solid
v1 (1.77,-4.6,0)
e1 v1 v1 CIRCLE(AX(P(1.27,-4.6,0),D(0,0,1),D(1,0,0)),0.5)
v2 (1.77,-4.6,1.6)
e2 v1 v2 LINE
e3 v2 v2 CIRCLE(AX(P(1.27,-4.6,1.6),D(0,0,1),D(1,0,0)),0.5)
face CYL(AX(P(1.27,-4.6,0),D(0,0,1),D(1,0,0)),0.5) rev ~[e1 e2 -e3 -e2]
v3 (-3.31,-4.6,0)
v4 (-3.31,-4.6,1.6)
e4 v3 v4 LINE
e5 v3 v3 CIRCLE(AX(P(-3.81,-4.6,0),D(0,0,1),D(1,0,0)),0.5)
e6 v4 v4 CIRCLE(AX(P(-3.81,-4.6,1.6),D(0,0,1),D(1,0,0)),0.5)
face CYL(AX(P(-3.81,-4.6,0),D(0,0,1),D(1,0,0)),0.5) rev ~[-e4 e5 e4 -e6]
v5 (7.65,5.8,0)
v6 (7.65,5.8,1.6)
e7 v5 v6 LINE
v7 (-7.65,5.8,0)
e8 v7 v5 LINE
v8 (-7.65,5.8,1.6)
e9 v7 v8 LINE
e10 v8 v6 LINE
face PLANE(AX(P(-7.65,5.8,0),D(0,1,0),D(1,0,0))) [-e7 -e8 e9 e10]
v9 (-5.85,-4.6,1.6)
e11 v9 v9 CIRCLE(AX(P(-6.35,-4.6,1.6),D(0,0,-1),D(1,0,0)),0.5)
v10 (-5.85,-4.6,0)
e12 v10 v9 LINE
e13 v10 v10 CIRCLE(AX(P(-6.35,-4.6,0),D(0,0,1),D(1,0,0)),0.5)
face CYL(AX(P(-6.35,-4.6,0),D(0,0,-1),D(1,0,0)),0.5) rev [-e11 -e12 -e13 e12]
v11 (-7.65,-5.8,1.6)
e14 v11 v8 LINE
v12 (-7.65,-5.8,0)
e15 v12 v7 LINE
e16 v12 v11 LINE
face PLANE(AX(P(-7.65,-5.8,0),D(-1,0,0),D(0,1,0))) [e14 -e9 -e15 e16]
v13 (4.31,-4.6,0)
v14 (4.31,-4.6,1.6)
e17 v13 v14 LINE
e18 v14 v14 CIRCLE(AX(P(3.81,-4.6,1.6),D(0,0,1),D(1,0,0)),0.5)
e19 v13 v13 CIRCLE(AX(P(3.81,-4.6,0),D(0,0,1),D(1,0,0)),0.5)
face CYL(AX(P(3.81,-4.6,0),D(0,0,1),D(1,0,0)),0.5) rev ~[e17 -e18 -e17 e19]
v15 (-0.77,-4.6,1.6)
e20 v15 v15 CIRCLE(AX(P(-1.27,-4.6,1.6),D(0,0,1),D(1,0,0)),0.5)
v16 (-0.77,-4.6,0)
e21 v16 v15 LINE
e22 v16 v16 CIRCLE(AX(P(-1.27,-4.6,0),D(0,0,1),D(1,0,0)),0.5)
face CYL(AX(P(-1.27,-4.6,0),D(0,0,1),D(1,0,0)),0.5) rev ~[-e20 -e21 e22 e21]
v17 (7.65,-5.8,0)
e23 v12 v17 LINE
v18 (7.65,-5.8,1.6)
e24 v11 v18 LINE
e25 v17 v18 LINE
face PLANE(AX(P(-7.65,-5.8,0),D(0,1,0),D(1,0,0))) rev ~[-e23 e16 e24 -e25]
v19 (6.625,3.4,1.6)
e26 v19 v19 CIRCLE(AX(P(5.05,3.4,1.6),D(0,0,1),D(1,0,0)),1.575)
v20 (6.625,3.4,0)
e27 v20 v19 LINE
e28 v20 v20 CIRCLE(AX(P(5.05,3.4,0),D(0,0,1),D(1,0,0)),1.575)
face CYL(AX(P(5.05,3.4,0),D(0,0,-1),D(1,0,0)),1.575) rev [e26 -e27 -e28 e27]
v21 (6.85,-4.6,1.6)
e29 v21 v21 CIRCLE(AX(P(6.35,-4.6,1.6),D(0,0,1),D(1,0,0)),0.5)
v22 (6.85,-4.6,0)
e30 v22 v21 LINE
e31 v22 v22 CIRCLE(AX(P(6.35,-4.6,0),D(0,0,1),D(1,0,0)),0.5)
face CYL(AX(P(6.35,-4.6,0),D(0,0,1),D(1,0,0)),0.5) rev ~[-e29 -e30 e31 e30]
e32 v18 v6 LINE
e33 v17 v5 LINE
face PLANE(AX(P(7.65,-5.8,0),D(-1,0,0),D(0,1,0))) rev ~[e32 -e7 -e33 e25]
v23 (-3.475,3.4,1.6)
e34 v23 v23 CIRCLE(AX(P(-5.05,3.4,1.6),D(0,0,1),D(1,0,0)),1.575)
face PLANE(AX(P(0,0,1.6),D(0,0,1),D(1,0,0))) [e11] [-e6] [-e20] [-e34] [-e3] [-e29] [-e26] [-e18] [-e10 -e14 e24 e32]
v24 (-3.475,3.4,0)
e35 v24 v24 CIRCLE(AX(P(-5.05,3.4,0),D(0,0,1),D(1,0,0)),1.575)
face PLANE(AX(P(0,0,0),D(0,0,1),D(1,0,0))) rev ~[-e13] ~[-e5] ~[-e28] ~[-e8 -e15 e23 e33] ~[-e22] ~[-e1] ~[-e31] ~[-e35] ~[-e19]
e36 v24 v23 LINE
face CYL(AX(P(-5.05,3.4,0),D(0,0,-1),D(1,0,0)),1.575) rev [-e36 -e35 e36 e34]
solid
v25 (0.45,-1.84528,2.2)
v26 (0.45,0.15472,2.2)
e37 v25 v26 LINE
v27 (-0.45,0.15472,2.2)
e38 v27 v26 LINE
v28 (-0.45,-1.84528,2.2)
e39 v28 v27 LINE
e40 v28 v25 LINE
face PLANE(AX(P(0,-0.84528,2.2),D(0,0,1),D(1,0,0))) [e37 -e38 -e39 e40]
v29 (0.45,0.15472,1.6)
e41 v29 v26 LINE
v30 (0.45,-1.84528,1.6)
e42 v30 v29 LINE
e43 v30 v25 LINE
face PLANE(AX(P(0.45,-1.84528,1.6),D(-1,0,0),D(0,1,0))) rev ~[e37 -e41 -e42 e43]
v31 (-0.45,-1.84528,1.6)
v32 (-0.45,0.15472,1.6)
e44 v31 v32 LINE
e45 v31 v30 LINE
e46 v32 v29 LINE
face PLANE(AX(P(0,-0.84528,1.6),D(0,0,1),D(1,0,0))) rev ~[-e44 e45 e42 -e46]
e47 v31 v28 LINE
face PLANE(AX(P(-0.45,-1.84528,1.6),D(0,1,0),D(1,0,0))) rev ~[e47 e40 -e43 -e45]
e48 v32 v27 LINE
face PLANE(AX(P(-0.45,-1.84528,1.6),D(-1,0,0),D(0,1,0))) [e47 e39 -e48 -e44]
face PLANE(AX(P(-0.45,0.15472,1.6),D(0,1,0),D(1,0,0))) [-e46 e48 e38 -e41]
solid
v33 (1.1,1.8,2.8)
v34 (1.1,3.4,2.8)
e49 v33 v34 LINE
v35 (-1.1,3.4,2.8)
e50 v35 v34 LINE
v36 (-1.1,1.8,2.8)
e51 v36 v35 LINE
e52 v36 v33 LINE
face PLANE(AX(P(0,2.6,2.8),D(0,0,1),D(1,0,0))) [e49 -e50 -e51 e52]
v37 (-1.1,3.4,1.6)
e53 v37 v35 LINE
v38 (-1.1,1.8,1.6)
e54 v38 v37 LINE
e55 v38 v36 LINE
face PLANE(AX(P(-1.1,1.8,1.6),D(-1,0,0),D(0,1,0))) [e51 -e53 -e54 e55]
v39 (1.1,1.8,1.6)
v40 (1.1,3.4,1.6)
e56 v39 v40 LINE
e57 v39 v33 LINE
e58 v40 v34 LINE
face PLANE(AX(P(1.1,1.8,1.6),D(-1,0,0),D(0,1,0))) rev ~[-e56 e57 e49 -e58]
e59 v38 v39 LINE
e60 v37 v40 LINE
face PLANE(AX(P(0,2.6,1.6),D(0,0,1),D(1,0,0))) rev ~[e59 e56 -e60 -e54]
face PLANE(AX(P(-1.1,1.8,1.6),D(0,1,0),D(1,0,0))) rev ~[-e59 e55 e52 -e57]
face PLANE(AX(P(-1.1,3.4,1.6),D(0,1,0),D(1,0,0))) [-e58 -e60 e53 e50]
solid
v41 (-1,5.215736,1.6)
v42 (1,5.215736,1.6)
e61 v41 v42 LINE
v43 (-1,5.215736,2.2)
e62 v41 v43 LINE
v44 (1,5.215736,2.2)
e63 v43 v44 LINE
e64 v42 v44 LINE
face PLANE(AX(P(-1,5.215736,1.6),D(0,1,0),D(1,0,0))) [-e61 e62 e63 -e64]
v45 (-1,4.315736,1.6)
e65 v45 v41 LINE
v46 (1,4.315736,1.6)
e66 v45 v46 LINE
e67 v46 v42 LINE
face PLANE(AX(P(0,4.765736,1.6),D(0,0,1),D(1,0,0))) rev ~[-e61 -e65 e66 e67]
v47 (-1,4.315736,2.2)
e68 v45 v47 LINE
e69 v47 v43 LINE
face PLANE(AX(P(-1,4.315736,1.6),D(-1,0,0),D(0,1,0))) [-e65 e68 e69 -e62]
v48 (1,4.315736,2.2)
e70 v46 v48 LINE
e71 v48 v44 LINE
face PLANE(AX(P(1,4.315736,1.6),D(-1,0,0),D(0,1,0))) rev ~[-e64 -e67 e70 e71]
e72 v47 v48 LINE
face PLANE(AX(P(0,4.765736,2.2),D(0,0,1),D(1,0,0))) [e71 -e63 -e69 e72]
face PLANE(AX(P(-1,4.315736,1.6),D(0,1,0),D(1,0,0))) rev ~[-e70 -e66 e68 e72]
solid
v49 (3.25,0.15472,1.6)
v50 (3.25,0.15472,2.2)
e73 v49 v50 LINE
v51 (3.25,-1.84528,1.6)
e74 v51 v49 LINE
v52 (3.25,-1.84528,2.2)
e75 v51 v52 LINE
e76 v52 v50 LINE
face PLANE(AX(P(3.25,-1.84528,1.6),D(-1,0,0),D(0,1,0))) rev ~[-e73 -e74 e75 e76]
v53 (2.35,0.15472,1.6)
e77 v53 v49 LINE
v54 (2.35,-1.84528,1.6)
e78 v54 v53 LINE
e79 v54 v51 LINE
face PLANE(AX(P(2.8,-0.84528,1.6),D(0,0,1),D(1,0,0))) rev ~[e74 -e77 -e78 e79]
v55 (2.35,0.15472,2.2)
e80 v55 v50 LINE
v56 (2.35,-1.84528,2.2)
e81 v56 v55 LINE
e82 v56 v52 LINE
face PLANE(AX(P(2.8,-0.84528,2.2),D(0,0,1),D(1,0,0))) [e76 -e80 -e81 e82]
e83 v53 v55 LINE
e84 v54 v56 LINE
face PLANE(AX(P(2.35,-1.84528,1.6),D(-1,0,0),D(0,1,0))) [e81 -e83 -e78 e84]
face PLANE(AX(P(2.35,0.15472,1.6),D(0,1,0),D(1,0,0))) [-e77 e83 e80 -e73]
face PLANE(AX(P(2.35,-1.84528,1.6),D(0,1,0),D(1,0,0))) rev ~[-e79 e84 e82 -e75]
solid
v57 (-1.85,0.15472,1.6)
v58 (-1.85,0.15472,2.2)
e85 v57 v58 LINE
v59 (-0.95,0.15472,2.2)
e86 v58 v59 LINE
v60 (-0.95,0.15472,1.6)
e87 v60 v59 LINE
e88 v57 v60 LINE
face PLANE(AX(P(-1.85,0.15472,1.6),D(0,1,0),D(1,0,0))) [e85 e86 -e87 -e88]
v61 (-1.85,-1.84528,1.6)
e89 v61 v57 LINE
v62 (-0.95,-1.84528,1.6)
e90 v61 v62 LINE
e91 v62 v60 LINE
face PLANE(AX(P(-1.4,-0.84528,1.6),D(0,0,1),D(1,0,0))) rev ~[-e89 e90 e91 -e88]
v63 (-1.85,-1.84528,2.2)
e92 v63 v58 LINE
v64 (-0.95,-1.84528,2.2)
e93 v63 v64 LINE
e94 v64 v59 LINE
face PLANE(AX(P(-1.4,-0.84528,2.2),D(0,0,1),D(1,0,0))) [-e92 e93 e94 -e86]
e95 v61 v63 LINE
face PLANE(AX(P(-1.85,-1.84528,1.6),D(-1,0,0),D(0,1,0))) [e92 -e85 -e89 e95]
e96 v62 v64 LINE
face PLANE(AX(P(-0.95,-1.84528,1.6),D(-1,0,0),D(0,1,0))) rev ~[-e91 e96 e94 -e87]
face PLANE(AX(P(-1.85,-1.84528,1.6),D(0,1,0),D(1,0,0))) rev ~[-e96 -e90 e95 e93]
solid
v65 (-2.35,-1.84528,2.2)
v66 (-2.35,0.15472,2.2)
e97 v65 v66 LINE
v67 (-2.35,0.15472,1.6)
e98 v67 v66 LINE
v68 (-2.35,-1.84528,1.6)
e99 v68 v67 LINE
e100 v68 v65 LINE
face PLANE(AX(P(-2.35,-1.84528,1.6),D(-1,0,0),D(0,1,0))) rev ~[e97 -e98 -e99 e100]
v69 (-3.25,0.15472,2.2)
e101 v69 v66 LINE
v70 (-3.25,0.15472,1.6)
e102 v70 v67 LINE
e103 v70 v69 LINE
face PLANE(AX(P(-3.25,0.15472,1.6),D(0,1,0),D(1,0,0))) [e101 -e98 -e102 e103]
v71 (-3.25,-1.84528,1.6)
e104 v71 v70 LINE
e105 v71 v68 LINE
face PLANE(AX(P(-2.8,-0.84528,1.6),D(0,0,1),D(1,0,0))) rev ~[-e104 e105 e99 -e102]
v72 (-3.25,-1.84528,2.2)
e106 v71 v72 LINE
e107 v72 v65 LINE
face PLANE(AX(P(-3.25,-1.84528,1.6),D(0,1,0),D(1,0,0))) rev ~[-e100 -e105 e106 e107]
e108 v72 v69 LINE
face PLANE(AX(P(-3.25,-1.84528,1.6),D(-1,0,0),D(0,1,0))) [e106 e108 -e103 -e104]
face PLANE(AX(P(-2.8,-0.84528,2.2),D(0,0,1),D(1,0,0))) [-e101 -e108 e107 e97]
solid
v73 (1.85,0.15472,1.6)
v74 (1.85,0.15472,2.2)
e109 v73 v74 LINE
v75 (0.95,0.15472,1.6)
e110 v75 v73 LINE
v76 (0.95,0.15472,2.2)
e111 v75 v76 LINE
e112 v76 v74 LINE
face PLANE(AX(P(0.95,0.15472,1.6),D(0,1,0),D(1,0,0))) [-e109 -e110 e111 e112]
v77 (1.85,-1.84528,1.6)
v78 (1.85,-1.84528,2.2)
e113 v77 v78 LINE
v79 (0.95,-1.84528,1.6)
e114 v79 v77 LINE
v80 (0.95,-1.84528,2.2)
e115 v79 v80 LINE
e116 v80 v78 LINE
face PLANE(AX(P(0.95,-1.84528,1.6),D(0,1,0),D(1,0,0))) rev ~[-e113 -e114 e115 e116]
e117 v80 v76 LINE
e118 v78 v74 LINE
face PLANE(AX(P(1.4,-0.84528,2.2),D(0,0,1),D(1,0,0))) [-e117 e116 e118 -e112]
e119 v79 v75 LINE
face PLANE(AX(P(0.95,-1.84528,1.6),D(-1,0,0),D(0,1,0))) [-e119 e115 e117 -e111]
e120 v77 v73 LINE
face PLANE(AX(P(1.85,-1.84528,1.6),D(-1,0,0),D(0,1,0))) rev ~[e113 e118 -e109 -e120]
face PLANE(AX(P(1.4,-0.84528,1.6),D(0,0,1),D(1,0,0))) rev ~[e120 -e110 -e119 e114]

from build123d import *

# Parameters (mm, degrees)
SKETCH_W            = 15.3
SKETCH_H            = 11.6
SKETCH_R            = 1.575
PAD_DEPTH           = 1.6
SKETCH001_R         = 0.5
POCKET_DEPTH        = 0.001
POCKET_DEPTH_BACK   = 1.601
LINEARPATTERN_COUNT = 6
LINEARPATTERN_PITCH = 2.54
SKETCH004_W         = 2.2
SKETCH004_H         = 1.6
PAD002_DEPTH        = 1.2
SKETCH005_W         = 2
SKETCH005_H         = 0.9
PAD003_DEPTH        = 0.6
SKETCH008_W         = 0.9
SKETCH008_H         = 2
PAD006_DEPTH        = 0.6
SKETCH009_W         = 0.9
SKETCH009_H         = 2
PAD007_DEPTH        = 0.6
SKETCH010_W         = 0.9
SKETCH010_H         = 2
PAD008_DEPTH        = 0.6
SKETCH011_W         = 0.9
SKETCH011_H         = 2
PAD009_DEPTH        = 0.6
SKETCH012_W         = 0.9
SKETCH012_H         = 2
PAD010_DEPTH        = 0.6


with BuildPart() as pcb:
    # Sketch → Pad (new body)
    with BuildSketch(Plane.XY):
        Rectangle(SKETCH_W, SKETCH_H)
        with Locations((-5.05, 3.4)):
            Circle(SKETCH_R, mode=Mode.SUBTRACT)
        with Locations((5.05, 3.4)):
            Circle(SKETCH_R, mode=Mode.SUBTRACT)
    extrude(amount=PAD_DEPTH)

    # Sketch001 → Pocket (cut, two sides)
    with BuildSketch(Plane.XY) as pocket_sk:
        with Locations((-6.35, -4.6)):
            Circle(SKETCH001_R)
    pocket = extrude(amount=-POCKET_DEPTH, mode=Mode.SUBTRACT) + extrude(pocket_sk.sketch, amount=POCKET_DEPTH_BACK, mode=Mode.SUBTRACT)

    # LinearPattern: Pocket ×6
    with Locations(*[(i * LINEARPATTERN_PITCH, 0, 0) for i in range(1, LINEARPATTERN_COUNT)]):
        add(pocket, mode=Mode.SUBTRACT)


with BuildPart() as bmp280_component:
    # Sketch004 → Pad002 (new body)
    with BuildSketch(Plane.XY.offset(1.6)):
        with Locations((0, 2.6)):
            Rectangle(SKETCH004_W, SKETCH004_H)
    extrude(amount=PAD002_DEPTH)


with BuildPart() as resistor1:
    # Sketch005 → Pad003 (new body)
    with BuildSketch(Plane.XY.offset(1.6)):
        with Locations((0, 4.765736)):
            Rectangle(SKETCH005_W, SKETCH005_H)
    extrude(amount=PAD003_DEPTH)


with BuildPart() as resistor2:
    # Sketch008 → Pad006 (new body)
    with BuildSketch(Plane.XY.offset(1.6)):
        with Locations((-2.8, -0.84528)):
            Rectangle(SKETCH008_W, SKETCH008_H)
    extrude(amount=PAD006_DEPTH)


with BuildPart() as resistor3:
    # Sketch009 → Pad007 (new body)
    with BuildSketch(Plane.XY.offset(1.6)):
        with Locations((-1.4, -0.84528)):
            Rectangle(SKETCH009_W, SKETCH009_H)
    extrude(amount=PAD007_DEPTH)


with BuildPart() as resistor4:
    # Sketch010 → Pad008 (new body)
    with BuildSketch(Plane.XY.offset(1.6)):
        with Locations((0, -0.84528)):
            Rectangle(SKETCH010_W, SKETCH010_H)
    extrude(amount=PAD008_DEPTH)


with BuildPart() as resistor5:
    # Sketch011 → Pad009 (new body)
    with BuildSketch(Plane.XY.offset(1.6)):
        with Locations((1.4, -0.84528)):
            Rectangle(SKETCH011_W, SKETCH011_H)
    extrude(amount=PAD009_DEPTH)


with BuildPart() as resistor6:
    # Sketch012 → Pad010 (new body)
    with BuildSketch(Plane.XY.offset(1.6)):
        with Locations((2.8, -0.84528)):
            Rectangle(SKETCH012_W, SKETCH012_H)
    extrude(amount=PAD010_DEPTH)


solid = Compound([pcb.part, bmp280_component.part, resistor1.part, resistor2.part, resistor3.part, resistor4.part, resistor5.part, resistor6.part])
